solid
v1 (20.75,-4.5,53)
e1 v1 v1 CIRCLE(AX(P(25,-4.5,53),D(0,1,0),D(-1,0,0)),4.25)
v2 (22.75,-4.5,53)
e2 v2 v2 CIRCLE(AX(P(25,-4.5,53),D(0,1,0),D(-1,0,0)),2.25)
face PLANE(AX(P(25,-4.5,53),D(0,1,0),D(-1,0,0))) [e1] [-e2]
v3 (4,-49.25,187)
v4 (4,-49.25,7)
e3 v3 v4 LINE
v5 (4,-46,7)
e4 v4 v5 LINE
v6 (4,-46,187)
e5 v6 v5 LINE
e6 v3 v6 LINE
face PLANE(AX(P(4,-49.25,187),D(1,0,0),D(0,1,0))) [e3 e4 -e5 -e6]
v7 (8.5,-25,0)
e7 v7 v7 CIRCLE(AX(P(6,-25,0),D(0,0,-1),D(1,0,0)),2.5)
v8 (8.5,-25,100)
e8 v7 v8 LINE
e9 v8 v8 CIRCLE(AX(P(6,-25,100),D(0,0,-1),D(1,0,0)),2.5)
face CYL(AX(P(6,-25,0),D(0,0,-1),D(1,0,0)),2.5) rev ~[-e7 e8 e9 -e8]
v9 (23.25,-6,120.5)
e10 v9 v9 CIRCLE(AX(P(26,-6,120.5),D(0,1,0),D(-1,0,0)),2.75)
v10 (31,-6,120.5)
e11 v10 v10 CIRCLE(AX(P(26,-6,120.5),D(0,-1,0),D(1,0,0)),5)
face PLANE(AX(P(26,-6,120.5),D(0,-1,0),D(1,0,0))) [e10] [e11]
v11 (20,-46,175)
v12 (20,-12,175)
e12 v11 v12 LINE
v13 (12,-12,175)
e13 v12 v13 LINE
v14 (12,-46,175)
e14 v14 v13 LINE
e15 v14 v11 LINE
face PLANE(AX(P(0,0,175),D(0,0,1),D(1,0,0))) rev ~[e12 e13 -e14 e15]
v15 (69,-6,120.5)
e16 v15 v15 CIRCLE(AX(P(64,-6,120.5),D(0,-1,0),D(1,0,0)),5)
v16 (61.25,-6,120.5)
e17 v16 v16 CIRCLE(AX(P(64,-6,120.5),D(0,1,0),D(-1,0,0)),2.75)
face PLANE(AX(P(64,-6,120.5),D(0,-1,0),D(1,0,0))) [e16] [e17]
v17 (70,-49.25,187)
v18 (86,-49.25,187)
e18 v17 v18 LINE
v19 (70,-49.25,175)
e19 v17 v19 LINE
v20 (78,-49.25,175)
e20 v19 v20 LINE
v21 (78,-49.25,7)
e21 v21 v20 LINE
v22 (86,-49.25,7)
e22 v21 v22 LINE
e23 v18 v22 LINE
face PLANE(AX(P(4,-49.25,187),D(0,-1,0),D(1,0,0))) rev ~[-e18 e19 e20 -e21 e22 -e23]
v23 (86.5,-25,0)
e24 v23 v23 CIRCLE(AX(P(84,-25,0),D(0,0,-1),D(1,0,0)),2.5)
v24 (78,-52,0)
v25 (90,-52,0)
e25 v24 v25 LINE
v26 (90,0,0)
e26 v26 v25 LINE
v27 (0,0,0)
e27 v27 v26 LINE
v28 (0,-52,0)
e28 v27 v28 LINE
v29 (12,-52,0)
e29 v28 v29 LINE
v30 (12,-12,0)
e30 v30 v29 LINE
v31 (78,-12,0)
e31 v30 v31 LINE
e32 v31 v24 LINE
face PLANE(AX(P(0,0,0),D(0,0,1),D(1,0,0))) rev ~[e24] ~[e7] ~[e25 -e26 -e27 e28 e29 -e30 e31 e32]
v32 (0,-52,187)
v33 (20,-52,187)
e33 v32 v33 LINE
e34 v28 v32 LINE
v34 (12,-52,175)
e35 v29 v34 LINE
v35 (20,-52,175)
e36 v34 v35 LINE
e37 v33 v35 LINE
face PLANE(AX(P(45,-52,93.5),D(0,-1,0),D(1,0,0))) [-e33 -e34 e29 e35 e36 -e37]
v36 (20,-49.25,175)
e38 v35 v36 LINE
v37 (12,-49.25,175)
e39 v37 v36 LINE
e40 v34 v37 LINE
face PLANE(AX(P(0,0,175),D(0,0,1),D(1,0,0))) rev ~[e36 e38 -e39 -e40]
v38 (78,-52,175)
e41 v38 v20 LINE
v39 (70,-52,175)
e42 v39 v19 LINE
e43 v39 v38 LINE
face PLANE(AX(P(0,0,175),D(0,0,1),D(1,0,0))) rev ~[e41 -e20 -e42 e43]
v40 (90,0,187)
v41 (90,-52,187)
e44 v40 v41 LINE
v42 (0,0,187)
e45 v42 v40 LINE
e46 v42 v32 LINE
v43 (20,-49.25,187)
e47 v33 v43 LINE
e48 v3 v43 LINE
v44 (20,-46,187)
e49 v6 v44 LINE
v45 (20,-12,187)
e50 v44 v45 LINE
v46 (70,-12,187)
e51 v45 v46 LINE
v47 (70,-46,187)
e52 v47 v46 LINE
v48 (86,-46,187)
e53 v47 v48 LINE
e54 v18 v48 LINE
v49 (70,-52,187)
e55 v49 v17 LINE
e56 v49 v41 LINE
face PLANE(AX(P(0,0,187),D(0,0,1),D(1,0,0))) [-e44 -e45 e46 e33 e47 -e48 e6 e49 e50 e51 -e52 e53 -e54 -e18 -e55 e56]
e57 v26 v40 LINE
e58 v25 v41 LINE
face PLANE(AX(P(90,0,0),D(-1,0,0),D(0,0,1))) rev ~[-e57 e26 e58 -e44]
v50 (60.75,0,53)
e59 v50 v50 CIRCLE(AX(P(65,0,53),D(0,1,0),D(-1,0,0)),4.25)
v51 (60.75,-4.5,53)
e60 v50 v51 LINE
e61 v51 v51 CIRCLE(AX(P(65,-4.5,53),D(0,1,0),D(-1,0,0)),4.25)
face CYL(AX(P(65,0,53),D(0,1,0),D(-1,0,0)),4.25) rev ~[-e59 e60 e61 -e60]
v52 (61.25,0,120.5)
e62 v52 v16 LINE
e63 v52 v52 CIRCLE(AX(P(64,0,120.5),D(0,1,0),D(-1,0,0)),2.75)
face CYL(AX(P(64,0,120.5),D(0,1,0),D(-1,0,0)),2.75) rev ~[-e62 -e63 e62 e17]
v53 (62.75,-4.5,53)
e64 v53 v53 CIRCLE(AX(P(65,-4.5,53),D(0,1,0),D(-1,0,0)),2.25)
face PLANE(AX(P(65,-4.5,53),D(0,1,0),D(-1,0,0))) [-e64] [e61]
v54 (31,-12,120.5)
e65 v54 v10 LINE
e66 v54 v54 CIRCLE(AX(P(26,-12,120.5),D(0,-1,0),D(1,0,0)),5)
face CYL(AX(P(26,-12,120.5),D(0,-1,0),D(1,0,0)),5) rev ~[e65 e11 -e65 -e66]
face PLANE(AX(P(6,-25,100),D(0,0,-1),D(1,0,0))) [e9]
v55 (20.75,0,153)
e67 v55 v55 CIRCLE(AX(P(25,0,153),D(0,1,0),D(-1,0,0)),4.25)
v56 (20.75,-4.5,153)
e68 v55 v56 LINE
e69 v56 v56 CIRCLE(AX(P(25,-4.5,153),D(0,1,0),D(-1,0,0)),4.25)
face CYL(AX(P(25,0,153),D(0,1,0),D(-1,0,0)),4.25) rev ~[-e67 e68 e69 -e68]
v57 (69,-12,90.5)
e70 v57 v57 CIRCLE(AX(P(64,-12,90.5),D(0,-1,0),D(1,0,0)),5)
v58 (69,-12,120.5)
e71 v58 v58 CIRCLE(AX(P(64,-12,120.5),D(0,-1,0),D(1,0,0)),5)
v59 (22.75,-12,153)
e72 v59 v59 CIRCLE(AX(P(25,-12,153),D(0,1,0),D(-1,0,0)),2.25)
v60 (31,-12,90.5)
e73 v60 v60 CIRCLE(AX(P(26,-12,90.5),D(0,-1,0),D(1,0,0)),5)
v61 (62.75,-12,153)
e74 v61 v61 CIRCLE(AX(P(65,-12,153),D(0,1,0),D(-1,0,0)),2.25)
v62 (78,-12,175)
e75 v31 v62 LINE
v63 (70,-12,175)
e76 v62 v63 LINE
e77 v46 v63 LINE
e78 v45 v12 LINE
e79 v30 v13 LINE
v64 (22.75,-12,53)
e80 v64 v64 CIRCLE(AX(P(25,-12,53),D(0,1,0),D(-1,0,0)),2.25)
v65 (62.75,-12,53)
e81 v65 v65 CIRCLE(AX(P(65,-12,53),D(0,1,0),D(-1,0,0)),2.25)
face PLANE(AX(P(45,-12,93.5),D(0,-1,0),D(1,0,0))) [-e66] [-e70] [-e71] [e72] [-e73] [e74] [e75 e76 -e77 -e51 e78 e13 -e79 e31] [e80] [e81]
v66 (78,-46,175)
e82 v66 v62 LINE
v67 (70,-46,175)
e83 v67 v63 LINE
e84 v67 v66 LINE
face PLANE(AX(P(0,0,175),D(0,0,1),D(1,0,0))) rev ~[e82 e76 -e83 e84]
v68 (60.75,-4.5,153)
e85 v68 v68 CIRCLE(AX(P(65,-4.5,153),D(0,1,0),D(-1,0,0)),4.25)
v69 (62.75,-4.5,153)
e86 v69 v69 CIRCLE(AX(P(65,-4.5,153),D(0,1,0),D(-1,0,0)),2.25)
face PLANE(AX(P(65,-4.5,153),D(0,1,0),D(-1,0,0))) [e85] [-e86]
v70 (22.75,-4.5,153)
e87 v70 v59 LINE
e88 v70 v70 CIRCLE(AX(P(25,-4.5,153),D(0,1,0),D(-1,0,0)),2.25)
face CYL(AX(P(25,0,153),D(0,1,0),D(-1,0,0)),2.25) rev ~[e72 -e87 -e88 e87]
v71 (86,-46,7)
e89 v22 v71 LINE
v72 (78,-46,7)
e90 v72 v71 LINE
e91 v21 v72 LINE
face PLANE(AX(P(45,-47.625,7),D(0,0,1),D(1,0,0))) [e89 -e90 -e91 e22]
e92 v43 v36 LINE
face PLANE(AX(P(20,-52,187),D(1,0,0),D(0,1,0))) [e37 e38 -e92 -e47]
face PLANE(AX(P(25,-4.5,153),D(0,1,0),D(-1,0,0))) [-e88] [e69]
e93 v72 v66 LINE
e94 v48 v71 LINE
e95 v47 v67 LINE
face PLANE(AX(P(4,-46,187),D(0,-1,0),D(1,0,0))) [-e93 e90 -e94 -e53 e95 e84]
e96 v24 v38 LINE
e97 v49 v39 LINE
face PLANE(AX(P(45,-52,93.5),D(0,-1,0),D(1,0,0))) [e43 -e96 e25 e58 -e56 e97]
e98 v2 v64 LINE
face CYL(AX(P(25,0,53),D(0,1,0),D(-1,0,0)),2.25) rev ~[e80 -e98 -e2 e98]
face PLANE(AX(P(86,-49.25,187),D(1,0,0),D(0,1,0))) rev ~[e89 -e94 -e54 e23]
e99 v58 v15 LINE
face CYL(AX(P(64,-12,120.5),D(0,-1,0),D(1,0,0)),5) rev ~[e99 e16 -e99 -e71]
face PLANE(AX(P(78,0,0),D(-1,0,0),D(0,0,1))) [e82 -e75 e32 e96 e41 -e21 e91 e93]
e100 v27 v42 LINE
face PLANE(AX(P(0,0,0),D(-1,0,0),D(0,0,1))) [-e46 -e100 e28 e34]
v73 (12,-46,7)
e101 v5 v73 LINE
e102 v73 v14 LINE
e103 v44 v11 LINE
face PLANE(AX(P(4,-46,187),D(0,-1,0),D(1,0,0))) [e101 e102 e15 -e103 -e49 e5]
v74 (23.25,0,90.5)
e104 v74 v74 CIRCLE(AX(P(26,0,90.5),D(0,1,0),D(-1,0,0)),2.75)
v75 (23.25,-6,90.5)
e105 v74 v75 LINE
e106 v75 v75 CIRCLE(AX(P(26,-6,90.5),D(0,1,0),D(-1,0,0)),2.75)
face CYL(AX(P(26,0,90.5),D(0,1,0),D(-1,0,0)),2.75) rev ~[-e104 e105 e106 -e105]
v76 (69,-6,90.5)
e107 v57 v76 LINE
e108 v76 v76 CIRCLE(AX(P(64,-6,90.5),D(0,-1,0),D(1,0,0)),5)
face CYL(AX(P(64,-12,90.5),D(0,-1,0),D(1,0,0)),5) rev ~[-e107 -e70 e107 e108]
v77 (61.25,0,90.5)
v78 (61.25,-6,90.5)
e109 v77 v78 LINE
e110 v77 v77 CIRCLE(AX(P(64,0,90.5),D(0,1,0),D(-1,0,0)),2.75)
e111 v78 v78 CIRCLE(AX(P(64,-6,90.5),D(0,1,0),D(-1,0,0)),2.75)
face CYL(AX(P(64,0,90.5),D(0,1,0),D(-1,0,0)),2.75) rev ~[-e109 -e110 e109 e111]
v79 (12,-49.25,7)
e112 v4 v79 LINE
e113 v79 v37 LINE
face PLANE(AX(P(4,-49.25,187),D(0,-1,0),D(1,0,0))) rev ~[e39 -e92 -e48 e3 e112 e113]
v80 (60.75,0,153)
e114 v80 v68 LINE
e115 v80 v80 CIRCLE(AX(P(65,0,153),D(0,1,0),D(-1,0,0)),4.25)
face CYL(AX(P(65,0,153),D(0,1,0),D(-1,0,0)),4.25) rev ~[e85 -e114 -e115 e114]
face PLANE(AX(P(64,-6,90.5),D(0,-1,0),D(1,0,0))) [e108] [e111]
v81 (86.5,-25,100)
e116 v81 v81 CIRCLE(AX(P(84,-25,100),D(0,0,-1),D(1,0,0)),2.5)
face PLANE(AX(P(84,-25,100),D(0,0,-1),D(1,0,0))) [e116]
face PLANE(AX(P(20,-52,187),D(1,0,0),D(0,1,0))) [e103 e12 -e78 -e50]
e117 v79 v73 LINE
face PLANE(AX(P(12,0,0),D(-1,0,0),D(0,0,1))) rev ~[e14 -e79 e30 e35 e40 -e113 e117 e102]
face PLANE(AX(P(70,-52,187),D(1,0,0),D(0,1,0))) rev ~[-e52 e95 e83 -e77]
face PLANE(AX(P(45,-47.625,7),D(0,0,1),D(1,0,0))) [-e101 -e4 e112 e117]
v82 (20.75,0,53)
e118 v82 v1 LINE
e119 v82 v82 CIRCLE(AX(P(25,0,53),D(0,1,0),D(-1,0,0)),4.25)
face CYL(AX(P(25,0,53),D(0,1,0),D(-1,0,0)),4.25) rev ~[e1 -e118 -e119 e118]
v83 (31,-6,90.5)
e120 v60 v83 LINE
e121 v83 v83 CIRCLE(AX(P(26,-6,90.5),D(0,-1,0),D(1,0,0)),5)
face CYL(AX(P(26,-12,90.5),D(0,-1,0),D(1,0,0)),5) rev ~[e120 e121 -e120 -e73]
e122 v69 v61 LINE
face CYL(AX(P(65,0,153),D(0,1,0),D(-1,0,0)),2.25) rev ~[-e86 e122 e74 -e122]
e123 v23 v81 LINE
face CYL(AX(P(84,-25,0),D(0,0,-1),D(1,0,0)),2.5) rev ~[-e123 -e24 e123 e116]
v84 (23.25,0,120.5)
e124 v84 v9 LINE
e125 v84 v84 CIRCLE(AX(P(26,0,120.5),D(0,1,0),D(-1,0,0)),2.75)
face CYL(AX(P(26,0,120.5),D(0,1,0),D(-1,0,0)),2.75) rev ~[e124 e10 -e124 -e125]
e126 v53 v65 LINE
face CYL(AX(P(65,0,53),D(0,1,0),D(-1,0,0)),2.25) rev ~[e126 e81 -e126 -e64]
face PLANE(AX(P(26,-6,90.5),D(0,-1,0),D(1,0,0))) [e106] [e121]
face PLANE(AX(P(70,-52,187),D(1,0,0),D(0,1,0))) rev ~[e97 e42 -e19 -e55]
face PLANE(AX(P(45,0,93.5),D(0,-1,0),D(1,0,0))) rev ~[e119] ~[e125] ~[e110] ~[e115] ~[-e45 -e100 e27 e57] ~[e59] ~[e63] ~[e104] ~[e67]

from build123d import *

# Parameters (mm, degrees)
F0_W      = 90
F0_H      = 187
F1_DEPTH  = 52
F2_T      = -12
F3_W      = 50
F3_H      = 40
F4_DEPTH  = 25
F5_R      = 2.25
F5_R_2    = 2.75
F6_DEPTH  = 52.001
F7_R      = 5
F8_DEPTH  = 6
F9_R      = 4.25
F10_DEPTH = 4.5
F11_R     = 2.5
F12_DEPTH = 100
F13_W     = 82
F13_H     = 3.25
F14_DEPTH = 180


with BuildPart() as f1:
    # F0 (on Front) → F1 (new body)
    with BuildSketch(Plane.XZ):
        with Locations((45, 93.5)):
            Rectangle(F0_W, F0_H)
    extrude(amount=F1_DEPTH)

    # F2
    f2_openings = [f1.faces().sort_by_distance(p)[0] for p in [
        (45, -52, 93.5),
        (45, -26, 0),
    ]]
    offset(amount=F2_T, openings=f2_openings)

    # F3 (on face) → F4 (cut)
    with BuildSketch(Plane.XY.offset(187)):
        with Locations((45, -32)):
            Rectangle(F3_W, F3_H)
    extrude(amount=-F4_DEPTH, mode=Mode.SUBTRACT)

    # F5 (on face) → F6 (cut, through all)
    with BuildSketch(Plane(origin=(0, 0, 0), x_dir=(-1, 0, 0), z_dir=(0, 1, 0))):
        with Locations((-65, 53)):
            Circle(F5_R)
        with Locations((-25, 53)):
            Circle(F5_R)
        with Locations((-65, 153)):
            Circle(F5_R)
        with Locations((-25, 153)):
            Circle(F5_R)
        with Locations((-26, 120.5)):
            Circle(F5_R_2)
        with Locations((-64, 120.5)):
            Circle(F5_R_2)
        with Locations((-26, 90.5)):
            Circle(F5_R_2)
        with Locations((-64, 90.5)):
            Circle(F5_R_2)
    extrude(amount=-F6_DEPTH, mode=Mode.SUBTRACT)

    # F7 (on face) → F8 (cut)
    with BuildSketch(Plane.XZ.offset(12)):
        with Locations((26, 120.5)):
            Circle(F7_R)
        with Locations((64, 120.5)):
            Circle(F7_R)
        with Locations((26, 90.5)):
            Circle(F7_R)
        with Locations((64, 90.5)):
            Circle(F7_R)
    extrude(amount=-F8_DEPTH, mode=Mode.SUBTRACT)

    # F9 (on face) → F10 (cut)
    with BuildSketch(Plane(origin=(0, 0, 0), x_dir=(-1, 0, 0), z_dir=(0, 1, 0))):
        with Locations((-65, 153)):
            Circle(F9_R)
        with Locations((-25, 153)):
            Circle(F9_R)
        with Locations((-65, 53)):
            Circle(F9_R)
        with Locations((-25, 53)):
            Circle(F9_R)
    extrude(amount=-F10_DEPTH, mode=Mode.SUBTRACT)

    # F11 (on face) → F12 (cut)
    with BuildSketch(Plane(origin=(0, 0, 0), x_dir=(1, 0, 0), z_dir=(0, 0, -1))):
        with Locations((6, 25)):
            Circle(F11_R)
        with Locations((84, 25)):
            Circle(F11_R)
    extrude(amount=-F12_DEPTH, mode=Mode.SUBTRACT)

    # F13 (on face) → F14 (cut)
    with BuildSketch(Plane.XY.offset(187)):
        with Locations((45, -47.625)):
            Rectangle(F13_W, F13_H)
    extrude(amount=-F14_DEPTH, mode=Mode.SUBTRACT)


solid = f1.part
